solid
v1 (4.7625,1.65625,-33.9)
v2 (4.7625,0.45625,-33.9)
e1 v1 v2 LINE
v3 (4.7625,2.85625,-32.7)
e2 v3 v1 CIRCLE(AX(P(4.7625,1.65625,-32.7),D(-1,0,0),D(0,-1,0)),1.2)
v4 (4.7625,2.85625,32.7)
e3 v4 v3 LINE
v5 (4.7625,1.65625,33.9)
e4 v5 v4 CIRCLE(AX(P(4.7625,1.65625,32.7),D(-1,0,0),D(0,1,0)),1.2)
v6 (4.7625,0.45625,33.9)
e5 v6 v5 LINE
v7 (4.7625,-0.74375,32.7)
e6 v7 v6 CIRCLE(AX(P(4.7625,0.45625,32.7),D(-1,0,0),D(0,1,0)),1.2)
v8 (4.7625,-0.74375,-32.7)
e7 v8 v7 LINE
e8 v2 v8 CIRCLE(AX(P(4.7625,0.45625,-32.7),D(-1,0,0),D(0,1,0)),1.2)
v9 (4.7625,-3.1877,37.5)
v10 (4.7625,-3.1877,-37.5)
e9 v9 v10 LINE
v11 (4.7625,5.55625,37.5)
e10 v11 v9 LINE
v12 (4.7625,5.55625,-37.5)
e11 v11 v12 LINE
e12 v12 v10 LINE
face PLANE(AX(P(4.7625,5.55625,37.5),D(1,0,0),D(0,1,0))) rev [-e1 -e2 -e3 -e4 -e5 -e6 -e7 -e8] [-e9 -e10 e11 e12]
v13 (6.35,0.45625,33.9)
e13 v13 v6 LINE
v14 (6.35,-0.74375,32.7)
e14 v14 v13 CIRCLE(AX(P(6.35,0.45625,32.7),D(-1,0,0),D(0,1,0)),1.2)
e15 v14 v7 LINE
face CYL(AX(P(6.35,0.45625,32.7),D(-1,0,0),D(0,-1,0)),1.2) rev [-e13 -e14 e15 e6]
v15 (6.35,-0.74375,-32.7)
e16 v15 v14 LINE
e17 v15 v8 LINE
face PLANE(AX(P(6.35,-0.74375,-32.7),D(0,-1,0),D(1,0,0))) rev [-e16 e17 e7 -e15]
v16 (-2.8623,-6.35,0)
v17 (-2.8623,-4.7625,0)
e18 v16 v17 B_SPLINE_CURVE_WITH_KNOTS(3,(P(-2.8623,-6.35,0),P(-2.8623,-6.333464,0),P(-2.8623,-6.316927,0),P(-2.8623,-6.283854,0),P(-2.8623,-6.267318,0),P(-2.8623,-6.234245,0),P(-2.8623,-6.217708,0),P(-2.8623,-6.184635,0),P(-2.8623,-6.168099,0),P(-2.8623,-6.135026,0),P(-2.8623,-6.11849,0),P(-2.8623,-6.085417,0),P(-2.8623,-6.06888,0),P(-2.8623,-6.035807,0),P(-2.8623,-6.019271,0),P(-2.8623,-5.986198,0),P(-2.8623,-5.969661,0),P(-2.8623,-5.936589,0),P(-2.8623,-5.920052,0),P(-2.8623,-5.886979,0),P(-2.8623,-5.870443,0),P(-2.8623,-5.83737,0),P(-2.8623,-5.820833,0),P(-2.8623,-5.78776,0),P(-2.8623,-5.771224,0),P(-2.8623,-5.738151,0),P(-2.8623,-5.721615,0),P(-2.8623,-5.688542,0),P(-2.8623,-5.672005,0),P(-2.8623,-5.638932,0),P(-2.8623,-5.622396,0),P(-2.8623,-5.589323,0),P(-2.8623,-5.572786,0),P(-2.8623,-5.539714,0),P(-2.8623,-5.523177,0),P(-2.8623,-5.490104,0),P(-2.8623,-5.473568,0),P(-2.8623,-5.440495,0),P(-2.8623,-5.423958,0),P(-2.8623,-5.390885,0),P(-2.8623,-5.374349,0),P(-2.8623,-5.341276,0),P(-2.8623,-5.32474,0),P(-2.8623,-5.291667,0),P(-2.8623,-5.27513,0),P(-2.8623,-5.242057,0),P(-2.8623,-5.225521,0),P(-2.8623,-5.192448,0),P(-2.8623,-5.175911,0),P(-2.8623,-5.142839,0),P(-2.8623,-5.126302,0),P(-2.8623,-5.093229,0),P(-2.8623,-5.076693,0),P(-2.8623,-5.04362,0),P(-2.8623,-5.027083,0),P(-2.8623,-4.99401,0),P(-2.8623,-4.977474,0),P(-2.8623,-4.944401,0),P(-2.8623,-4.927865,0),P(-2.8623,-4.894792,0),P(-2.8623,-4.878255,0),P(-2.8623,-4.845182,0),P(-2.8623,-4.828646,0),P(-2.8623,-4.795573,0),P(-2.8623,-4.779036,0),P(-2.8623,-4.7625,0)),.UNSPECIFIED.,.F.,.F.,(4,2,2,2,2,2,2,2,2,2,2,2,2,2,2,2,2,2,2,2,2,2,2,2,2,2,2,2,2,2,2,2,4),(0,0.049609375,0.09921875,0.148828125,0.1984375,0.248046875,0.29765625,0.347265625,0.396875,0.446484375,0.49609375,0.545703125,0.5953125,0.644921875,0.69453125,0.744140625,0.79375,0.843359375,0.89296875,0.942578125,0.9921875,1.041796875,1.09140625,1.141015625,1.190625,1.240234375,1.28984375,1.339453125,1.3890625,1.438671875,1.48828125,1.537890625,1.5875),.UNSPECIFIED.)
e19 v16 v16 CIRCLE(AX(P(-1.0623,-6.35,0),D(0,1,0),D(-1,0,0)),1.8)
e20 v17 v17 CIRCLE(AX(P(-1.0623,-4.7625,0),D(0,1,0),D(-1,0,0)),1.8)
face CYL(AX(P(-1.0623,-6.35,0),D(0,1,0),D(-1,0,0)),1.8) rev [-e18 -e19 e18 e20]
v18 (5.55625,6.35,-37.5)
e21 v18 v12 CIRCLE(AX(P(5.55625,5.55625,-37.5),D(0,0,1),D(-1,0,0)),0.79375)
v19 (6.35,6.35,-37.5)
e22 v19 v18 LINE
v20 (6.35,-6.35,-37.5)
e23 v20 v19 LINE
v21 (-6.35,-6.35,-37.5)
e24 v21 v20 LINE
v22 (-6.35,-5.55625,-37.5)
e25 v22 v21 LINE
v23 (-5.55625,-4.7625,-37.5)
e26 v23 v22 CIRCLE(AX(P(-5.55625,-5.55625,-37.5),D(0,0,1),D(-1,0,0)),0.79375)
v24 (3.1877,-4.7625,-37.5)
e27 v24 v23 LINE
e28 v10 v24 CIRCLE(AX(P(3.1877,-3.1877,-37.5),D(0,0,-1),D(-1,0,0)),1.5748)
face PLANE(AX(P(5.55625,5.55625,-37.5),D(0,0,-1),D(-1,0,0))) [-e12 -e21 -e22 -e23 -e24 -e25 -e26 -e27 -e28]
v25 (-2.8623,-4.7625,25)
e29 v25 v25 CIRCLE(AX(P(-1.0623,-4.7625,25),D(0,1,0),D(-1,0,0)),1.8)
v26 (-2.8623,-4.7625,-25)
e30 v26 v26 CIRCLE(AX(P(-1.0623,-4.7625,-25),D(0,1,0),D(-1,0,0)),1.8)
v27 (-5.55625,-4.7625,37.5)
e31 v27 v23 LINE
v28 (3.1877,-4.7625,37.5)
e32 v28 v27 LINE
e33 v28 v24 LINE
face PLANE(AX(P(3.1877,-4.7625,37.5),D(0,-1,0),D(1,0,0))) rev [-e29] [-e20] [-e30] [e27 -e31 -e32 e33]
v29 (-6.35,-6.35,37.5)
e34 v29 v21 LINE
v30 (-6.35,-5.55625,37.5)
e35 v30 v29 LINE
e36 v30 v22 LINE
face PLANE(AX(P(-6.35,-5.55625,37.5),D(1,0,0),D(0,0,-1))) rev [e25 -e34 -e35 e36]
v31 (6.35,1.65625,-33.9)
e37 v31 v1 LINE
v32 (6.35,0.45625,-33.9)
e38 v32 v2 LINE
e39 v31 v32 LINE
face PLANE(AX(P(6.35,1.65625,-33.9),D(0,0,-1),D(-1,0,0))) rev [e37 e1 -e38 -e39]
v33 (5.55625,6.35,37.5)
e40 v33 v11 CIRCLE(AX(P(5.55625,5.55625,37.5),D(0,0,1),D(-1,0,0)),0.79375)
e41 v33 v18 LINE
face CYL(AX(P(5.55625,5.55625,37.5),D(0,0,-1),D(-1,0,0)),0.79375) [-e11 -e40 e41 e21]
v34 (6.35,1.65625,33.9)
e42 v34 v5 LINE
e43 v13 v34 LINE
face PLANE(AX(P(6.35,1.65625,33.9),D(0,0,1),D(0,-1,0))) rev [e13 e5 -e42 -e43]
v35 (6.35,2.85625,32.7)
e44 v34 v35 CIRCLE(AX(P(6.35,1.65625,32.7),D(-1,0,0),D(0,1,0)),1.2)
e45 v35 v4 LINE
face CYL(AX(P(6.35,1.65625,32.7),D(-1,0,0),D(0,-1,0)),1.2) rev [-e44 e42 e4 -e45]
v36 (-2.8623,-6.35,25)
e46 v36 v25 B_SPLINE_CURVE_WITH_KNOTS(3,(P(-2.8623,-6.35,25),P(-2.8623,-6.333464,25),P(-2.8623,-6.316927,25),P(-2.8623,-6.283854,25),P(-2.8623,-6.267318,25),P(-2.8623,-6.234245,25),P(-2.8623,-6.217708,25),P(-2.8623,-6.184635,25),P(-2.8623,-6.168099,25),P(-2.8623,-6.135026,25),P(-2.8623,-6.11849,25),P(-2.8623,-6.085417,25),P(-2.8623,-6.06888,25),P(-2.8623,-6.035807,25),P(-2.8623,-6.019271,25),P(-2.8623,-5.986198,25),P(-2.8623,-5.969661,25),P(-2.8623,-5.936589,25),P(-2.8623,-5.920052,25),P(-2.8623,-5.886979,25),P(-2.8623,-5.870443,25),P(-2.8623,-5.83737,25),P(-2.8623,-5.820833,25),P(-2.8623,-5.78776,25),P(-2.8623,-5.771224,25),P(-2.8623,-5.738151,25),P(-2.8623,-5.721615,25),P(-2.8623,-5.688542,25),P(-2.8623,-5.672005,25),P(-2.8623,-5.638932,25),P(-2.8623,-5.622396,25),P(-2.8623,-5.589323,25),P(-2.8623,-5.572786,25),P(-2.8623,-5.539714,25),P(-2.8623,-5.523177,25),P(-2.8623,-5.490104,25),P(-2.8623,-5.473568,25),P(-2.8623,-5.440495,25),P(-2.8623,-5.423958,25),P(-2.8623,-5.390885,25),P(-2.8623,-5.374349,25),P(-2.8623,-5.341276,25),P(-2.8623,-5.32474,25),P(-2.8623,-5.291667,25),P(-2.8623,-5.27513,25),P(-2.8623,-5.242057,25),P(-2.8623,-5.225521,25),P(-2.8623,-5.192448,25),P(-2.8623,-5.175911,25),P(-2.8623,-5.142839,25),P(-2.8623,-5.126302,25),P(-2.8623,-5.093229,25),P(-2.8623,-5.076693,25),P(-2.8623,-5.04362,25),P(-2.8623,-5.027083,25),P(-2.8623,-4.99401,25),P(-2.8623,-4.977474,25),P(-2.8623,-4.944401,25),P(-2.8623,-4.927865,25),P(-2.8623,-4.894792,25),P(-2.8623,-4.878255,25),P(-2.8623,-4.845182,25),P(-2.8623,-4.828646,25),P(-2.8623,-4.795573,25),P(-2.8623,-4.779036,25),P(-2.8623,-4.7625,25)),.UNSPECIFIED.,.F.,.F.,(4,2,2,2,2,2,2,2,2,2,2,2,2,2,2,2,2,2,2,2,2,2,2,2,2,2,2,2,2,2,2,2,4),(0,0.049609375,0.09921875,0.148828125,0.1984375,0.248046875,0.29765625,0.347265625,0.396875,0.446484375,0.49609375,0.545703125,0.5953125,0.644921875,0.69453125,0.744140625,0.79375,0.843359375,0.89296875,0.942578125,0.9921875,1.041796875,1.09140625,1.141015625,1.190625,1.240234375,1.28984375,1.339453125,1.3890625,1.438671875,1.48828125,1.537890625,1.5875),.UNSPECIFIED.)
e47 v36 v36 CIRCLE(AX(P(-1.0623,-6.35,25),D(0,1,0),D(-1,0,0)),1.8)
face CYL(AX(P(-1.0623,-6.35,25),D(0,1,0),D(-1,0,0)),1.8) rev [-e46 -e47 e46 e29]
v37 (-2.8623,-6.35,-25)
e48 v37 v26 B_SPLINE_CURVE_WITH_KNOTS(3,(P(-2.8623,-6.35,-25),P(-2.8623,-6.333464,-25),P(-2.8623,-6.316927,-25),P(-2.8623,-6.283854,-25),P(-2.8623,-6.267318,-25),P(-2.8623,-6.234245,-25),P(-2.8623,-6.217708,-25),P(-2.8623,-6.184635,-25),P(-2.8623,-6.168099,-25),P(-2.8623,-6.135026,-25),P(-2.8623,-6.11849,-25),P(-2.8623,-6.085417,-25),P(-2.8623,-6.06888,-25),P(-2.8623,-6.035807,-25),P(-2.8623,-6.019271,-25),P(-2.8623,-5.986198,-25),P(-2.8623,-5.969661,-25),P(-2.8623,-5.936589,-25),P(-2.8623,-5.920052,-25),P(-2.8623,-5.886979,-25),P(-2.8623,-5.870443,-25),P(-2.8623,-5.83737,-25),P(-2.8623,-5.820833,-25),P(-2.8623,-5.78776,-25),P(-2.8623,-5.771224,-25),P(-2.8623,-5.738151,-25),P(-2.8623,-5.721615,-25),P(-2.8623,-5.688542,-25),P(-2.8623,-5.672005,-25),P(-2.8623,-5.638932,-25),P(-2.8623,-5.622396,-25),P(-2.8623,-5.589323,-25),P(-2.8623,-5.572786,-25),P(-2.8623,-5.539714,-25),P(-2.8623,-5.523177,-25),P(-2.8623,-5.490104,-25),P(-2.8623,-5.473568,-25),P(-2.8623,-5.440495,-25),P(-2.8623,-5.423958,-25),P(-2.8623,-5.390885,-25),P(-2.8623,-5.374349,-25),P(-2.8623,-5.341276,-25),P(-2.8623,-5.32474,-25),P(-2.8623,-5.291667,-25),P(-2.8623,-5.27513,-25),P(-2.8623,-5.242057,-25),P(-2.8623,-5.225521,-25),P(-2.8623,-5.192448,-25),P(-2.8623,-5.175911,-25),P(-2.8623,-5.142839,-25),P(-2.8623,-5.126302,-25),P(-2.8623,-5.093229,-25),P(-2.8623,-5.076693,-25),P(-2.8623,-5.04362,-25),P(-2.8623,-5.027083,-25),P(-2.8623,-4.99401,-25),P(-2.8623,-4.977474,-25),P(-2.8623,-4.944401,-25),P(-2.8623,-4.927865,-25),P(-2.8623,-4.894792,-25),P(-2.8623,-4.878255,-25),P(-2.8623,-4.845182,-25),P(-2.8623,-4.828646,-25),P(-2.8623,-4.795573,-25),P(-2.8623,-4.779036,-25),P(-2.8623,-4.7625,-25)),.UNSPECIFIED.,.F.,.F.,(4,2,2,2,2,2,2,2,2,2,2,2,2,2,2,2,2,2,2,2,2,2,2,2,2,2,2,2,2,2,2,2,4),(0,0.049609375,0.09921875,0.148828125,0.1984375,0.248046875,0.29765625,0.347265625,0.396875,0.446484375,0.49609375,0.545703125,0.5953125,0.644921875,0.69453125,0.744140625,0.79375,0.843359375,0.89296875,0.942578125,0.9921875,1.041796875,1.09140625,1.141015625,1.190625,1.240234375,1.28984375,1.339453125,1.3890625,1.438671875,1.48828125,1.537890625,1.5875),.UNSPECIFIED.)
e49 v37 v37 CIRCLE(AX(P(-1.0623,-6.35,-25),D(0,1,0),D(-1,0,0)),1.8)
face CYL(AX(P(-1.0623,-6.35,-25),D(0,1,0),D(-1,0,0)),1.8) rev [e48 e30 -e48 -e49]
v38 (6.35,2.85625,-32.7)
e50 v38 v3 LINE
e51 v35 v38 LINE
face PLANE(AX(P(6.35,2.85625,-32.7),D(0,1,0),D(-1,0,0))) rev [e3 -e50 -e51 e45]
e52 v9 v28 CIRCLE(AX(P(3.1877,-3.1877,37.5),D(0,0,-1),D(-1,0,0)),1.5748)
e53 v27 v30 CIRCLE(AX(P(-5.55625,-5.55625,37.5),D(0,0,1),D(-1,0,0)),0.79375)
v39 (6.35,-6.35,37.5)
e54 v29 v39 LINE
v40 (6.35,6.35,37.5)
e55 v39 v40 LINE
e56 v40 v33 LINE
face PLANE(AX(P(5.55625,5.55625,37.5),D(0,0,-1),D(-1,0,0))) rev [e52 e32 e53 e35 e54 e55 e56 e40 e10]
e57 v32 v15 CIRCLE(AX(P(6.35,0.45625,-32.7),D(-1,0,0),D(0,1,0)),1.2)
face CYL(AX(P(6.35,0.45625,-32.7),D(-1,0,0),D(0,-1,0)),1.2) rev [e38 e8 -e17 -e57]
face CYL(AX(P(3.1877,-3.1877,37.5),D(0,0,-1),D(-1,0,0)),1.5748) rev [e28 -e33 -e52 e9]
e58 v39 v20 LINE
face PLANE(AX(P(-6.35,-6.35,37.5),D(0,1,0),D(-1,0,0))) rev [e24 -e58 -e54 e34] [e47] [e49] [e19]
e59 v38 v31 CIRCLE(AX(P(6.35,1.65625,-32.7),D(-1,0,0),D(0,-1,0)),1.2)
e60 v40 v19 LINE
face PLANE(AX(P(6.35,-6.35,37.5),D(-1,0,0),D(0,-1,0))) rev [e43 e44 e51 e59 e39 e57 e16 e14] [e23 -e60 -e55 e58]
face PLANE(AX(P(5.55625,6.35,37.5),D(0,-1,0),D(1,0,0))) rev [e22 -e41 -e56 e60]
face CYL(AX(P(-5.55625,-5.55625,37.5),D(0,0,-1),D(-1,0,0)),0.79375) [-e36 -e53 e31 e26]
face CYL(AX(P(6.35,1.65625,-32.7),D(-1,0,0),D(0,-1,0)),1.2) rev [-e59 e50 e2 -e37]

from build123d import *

# Parameters (mm, degrees)
BOSS_EXTRUDE1_DEPTH = 37.5
SKETCH3_R           = 1.8
CUT_EXTRUDE1_DEPTH  = 40.623984608
CUT_EXTRUDE2_DEPTH  = 40.623984608


with BuildPart() as part:
    # Sketch2 → Boss-Extrude1 (new, symmetric)
    with BuildSketch(Plane.XY):
        with BuildLine():
            Line((-6.35, -6.35), (6.35, -6.35))
            Line((6.35, -6.35), (6.35, 6.35))
            Line((6.35, 6.35), (5.55625, 6.35))
            ThreePointArc((5.55625, 6.35), (4.994983992, 6.117516008), (4.7625, 5.55625))
            Line((4.7625, 5.55625), (4.7625, -3.1877))
            ThreePointArc((4.7625, -3.1877), (4.301251759, -4.301251759), (3.1877, -4.7625))
            Line((3.1877, -4.7625), (-5.55625, -4.7625))
            ThreePointArc((-5.55625, -4.7625), (-6.117516008, -4.994983992), (-6.35, -5.55625))
            Line((-6.35, -5.55625), (-6.35, -6.35))
        make_face()
    extrude(amount=BOSS_EXTRUDE1_DEPTH, both=True)

    # Sketch3 → Cut-Extrude1 (cut, through all)
    with BuildSketch(Plane(origin=(0, -4.7625, 0), x_dir=(1, 0, 0), z_dir=(0, 1, 0))):
        with Locations(Location((-1.0623, 25, 0), (0, 0, 180))):
            Circle(SKETCH3_R)
        with Locations(Location((-1.0623, -25, 0), (0, 0, 180))):
            Circle(SKETCH3_R)
        with Locations(Location((-1.0623, 0, 0), (0, 0, 180))):
            Circle(SKETCH3_R)
    extrude(amount=-CUT_EXTRUDE1_DEPTH, mode=Mode.SUBTRACT)

    # Sketch4 → Cut-Extrude2 (cut, through all)
    with BuildSketch(Plane.ZY.offset(-4.7625)):
        with BuildLine():
            Line((-32.7, 2.85625), (32.7, 2.85625))
            ThreePointArc((32.7, 2.85625), (33.548528137, 2.504778137), (33.9, 1.65625))
            Line((33.9, 1.65625), (33.9, 0.45625))
            ThreePointArc((33.9, 0.45625), (33.548528137, -0.392278137), (32.7, -0.74375))
            Line((32.7, -0.74375), (-32.7, -0.74375))
            ThreePointArc((-32.7, -0.74375), (-33.548528137, -0.392278137), (-33.9, 0.45625))
            Line((-33.9, 0.45625), (-33.9, 1.65625))
            ThreePointArc((-33.9, 1.65625), (-33.548528137, 2.504778137), (-32.7, 2.85625))
        make_face()
    extrude(amount=-CUT_EXTRUDE2_DEPTH, mode=Mode.SUBTRACT)


solid = part.part
